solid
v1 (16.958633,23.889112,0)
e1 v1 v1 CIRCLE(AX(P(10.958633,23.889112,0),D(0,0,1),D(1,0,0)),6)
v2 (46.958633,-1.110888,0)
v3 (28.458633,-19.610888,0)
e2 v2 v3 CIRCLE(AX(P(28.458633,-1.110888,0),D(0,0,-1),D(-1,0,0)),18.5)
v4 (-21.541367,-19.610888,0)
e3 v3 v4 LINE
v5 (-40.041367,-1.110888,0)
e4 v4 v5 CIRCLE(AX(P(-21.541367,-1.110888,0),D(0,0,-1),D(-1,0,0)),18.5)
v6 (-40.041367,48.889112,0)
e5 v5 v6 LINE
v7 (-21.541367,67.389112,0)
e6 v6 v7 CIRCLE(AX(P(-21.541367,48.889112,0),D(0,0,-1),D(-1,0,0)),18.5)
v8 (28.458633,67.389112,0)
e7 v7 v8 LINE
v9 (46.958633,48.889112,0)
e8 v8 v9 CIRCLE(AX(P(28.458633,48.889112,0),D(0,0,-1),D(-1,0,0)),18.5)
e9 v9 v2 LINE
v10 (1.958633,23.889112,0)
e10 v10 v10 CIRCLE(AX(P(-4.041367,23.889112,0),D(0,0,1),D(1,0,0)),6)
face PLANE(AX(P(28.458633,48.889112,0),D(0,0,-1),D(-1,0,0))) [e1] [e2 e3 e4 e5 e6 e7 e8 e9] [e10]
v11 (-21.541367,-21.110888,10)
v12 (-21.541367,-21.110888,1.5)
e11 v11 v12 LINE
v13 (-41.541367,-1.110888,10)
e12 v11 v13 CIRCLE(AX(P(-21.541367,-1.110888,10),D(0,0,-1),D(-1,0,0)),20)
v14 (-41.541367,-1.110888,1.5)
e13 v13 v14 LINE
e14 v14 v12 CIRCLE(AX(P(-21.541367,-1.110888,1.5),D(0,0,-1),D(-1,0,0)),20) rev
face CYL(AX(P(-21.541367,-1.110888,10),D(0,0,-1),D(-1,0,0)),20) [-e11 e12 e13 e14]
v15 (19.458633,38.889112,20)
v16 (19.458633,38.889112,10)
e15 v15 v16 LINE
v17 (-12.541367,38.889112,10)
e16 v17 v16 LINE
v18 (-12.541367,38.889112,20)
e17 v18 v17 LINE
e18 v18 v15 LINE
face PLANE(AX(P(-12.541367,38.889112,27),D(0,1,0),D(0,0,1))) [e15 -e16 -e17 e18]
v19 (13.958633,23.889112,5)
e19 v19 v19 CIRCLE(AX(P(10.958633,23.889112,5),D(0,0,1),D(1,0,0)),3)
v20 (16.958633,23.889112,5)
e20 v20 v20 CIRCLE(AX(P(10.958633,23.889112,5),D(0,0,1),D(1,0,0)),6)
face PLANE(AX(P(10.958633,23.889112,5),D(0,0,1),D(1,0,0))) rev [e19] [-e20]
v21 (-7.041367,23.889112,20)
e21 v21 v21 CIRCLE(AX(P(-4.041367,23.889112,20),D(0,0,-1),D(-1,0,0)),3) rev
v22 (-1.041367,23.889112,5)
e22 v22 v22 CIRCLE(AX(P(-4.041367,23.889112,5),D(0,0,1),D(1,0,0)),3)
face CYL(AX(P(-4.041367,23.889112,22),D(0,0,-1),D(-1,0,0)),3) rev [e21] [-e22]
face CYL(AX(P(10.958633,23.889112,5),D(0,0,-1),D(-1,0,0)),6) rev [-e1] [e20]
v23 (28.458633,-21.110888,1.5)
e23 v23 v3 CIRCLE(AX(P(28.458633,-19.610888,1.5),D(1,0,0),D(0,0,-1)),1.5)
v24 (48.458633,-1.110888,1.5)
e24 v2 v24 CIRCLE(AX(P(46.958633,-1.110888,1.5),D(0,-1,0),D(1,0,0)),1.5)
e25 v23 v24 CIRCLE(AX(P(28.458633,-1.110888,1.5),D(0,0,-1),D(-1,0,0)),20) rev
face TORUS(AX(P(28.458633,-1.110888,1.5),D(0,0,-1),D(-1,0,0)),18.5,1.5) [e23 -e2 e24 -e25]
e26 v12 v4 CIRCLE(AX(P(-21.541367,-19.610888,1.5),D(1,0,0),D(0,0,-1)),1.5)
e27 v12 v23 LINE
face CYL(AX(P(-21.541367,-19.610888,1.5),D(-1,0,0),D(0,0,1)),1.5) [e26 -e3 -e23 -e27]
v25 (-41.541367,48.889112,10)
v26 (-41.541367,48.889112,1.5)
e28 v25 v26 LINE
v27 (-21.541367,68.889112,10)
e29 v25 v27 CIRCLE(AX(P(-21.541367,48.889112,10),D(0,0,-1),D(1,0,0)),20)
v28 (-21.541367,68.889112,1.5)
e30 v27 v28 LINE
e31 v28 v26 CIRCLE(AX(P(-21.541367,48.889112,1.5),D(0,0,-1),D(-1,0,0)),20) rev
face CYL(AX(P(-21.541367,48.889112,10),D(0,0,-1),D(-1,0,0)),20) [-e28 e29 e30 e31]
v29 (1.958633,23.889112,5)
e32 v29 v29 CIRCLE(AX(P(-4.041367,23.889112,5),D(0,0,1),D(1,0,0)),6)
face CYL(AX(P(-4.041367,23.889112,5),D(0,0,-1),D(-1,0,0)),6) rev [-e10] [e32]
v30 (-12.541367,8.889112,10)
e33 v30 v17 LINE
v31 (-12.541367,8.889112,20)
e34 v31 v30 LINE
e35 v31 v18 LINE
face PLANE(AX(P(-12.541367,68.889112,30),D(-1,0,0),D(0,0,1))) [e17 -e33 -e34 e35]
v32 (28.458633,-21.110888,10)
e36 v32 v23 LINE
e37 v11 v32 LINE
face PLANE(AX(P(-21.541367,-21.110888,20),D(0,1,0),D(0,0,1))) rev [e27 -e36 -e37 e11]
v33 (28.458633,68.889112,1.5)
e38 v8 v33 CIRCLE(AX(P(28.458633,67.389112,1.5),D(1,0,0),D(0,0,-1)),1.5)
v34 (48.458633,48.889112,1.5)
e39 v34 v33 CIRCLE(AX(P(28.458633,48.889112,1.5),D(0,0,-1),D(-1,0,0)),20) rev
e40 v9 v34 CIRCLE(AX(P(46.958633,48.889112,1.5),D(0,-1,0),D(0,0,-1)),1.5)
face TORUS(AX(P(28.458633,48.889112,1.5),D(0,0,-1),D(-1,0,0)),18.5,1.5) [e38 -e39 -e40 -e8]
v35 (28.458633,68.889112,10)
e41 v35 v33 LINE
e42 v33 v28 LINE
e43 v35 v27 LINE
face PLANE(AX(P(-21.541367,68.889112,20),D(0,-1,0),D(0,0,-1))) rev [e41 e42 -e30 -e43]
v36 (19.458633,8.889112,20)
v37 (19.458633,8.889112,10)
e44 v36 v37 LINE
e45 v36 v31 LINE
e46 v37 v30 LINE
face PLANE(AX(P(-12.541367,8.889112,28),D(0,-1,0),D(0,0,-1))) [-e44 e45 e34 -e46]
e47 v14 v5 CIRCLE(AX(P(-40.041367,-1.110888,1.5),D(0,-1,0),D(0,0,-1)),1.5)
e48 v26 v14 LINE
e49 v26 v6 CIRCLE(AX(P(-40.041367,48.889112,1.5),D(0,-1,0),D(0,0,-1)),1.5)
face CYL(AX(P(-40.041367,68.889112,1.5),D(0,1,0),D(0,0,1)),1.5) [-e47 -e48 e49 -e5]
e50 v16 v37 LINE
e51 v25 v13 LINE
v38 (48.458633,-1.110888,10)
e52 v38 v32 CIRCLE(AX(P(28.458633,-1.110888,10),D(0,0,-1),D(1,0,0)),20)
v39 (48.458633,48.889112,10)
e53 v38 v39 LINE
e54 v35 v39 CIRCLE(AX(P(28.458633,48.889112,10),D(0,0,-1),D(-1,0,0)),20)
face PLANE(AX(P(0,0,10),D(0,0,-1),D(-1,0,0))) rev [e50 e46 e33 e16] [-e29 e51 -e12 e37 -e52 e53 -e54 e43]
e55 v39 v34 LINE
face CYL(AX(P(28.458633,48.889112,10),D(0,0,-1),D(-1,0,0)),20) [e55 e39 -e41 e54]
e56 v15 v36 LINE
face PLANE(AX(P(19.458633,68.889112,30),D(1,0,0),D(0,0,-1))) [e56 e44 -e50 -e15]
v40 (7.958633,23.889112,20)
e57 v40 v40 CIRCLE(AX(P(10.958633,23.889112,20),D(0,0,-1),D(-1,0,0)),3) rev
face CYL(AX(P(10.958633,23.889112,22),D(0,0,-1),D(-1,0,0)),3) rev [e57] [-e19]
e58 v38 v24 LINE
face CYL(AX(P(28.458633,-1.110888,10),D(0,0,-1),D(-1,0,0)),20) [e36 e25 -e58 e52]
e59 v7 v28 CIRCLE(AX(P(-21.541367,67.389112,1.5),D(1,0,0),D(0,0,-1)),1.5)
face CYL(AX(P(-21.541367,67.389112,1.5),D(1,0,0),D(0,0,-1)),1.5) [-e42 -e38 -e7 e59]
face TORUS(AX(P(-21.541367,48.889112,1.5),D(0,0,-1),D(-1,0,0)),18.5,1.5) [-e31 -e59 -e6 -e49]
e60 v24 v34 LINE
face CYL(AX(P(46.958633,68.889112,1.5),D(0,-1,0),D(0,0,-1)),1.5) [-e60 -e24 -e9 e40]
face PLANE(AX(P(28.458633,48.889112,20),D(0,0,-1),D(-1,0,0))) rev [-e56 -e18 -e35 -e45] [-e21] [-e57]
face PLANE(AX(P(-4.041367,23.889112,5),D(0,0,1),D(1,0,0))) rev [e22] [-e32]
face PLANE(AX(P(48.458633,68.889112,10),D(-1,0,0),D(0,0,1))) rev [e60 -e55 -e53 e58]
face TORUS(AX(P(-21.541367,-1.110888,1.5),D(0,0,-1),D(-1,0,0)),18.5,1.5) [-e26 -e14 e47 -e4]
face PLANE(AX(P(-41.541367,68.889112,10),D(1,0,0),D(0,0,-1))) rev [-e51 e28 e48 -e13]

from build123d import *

# Parameters (mm, degrees)
Y_KSEKLIK_EKSTR_ZYON1_DEPTH = 20
CUT_EXTRUDE1_DEPTH          = 44
CUT_EXTRUDE1_DEPTH_BACK     = 10
SKETCH1_R                   = 2.5
SKETCH2_W                   = 32
SKETCH2_H                   = 30
CUT_EXTRUDE3_DEPTH          = 27
SKETCH3_W                   = 32
SKETCH3_H                   = 30
BOSS_EXTRUDE1_DEPTH         = 16
CUT_EXTRUDE4_DEPTH          = 4
SKETCH5_W                   = 33.515954684
SKETCH5_H                   = 18.308274805
BOSS_EXTRUDE2_DEPTH         = 10
CUT_EXTRUDE5_DEPTH          = 53
CUT_EXTRUDE5_DEPTH_BACK     = 25
SKETCH6_R                   = 2.5
SKETCH7_W                   = 36.495036791
SKETCH7_H                   = 91.485439351
SKETCH7_W_2                 = 38.306268879
CUT_EXTRUDE7_DEPTH          = 30
SKETCH8_W                   = 29
SKETCH8_H                   = 90
BOSS_EXTRUDE3_DEPTH         = 10
CUT_EXTRUDE8_DEPTH          = 10
SKETCH10_W                  = 32
SKETCH10_H                  = 30
CUT_EXTRUDE9_DEPTH          = 28
SKETCH11_W                  = 32
SKETCH11_H                  = 30
BOSS_EXTRUDE4_DEPTH         = 10
SKETCH12_R                  = 3
CUT_EXTRUDE10_DEPTH         = 22
SKETCH13_R                  = 6
CUT_EXTRUDE11_DEPTH         = 5
FILLET1_R                   = 1.5


with BuildPart() as part:
    # Çizim1 → Yükseklik-Ekstrüzyon1 (new body)
    with BuildSketch(Plane.XY):
        with BuildLine():
            Line((-41.541366964, -1.110887656), (-41.541366964, 48.889112344))
            ThreePointArc((-41.541366964, 48.889112344), (-35.683502588, 63.031247968), (-21.541366964, 68.889112344))
            Line((-21.541366964, 68.889112344), (28.458633036, 68.889112344))
            ThreePointArc((28.458633036, 68.889112344), (42.600768659, 63.031247968), (48.458633036, 48.889112344))
            Line((48.458633036, 48.889112344), (48.458633036, -1.110887656))
            ThreePointArc((48.458633036, -1.110887656), (42.600768659, -15.25302328), (28.458633036, -21.110887656))
            Line((28.458633036, -21.110887656), (-21.541366964, -21.110887656))
            ThreePointArc((-21.541366964, -21.110887656), (-35.683502588, -15.25302328), (-41.541366964, -1.110887656))
        make_face()
    extrude(amount=Y_KSEKLIK_EKSTR_ZYON1_DEPTH)

    # Sketch1 → Cut-Extrude1 (cut, two sides: drawn at the far end of the back side and taken through both)
    with BuildSketch(Plane.XY.offset(-CUT_EXTRUDE1_DEPTH_BACK)):
        with Locations(Location((-4.041366964, 23.889112344, 0), (0, 0, 180))):
            Circle(SKETCH1_R)
        with Locations(Location((10.958633036, 23.889112344, 0), (0, 0, 180))):
            Circle(SKETCH1_R)
    extrude(amount=CUT_EXTRUDE1_DEPTH + CUT_EXTRUDE1_DEPTH_BACK, mode=Mode.SUBTRACT)

    # Sketch2 → Cut-Extrude3 (cut)
    with BuildSketch(Plane.XY):
        with Locations((3.458633036, 53.889112344)):
            Rectangle(SKETCH2_W, SKETCH2_H)
    extrude(amount=CUT_EXTRUDE3_DEPTH, mode=Mode.SUBTRACT)

    # Sketch3 → Boss-Extrude1 (add)
    with BuildSketch(Plane.XY):
        with Locations((3.458633036, 53.889112344)):
            Rectangle(SKETCH3_W, SKETCH3_H)
    extrude(amount=BOSS_EXTRUDE1_DEPTH)

    # Sketch4 → Cut-Extrude4 (cut)
    with BuildSketch(Plane.XY):
        Polygon((15.692905243, 23.889112344), (13.325769139, 27.989112344), (8.591496932, 27.989112344), (6.224360828, 23.889112344), (8.591496932, 19.789112344), (13.325769139, 19.789112344), align=None)
        Polygon((0.692905243, 23.889112344), (-1.674230861, 27.989112344), (-6.408503068, 27.989112344), (-8.775639172, 23.889112344), (-6.408503068, 19.789112344), (-1.674230861, 19.789112344), align=None)
    extrude(amount=CUT_EXTRUDE4_DEPTH, mode=Mode.SUBTRACT)

    # Sketch5 → Boss-Extrude2 (add)
    with BuildSketch(Plane.XY):
        with Locations((2.203630327, 23.667641278)):
            Rectangle(SKETCH5_W, SKETCH5_H)
    extrude(amount=BOSS_EXTRUDE2_DEPTH)

    # Sketch6 → Cut-Extrude5 (cut, two sides: drawn at the far end of the back side and taken through both)
    with BuildSketch(Plane.XY.offset(-CUT_EXTRUDE5_DEPTH_BACK)):
        with Locations(Location((-4.041366964, 23.889112344, 0), (0, 0, 180))):
            Circle(SKETCH6_R)
        with Locations(Location((10.958633036, 23.889112344, 0), (0, 0, 180))):
            Circle(SKETCH6_R)
    extrude(amount=CUT_EXTRUDE5_DEPTH + CUT_EXTRUDE5_DEPTH_BACK, mode=Mode.SUBTRACT)

    # Sketch7 → Cut-Extrude7 (cut)
    with BuildSketch(Plane.XY):
        with Locations((-30.78888536, 23.146392668)):
            Rectangle(SKETCH7_W, SKETCH7_H)
        with Locations((38.611767476, 23.146392668)):
            Rectangle(SKETCH7_W_2, SKETCH7_H)
    extrude(amount=CUT_EXTRUDE7_DEPTH, mode=Mode.SUBTRACT)

    # Sketch8 → Boss-Extrude3 (add)
    with BuildSketch(Plane.XY):
        with Locations((-27.041366964, 23.889112344)):
            Rectangle(SKETCH8_W, SKETCH8_H)
        with Locations((33.958633036, 23.889112344)):
            Rectangle(SKETCH8_W, SKETCH8_H)
    extrude(amount=BOSS_EXTRUDE3_DEPTH)

    # Sketch9 → Cut-Extrude8 (cut)
    with BuildSketch(Plane.XY):
        with BuildLine():
            Line((-41.541366964, 68.889112344), (-21.541366964, 68.889112344))
            ThreePointArc((-21.541366964, 68.889112344), (-35.683502588, 63.031247968), (-41.541366964, 48.889112344))
            Line((-41.541366964, 48.889112344), (-41.541366964, 68.889112344))
        make_face()
        with BuildLine():
            Line((48.458633036, 68.889112344), (48.458633036, 48.889112344))
            ThreePointArc((48.458633036, 48.889112344), (42.600768659, 63.031247968), (28.458633036, 68.889112344))
            Line((28.458633036, 68.889112344), (48.458633036, 68.889112344))
        make_face()
        with BuildLine():
            Line((48.458633036, -21.110887656), (28.458633036, -21.110887656))
            ThreePointArc((28.458633036, -21.110887656), (42.600768659, -15.25302328), (48.458633036, -1.110887656))
            Line((48.458633036, -1.110887656), (48.458633036, -21.110887656))
        make_face()
        with BuildLine():
            Line((-41.541366964, -21.110887656), (-41.541366964, -1.110887656))
            ThreePointArc((-41.541366964, -1.110887656), (-35.683502588, -15.25302328), (-21.541366964, -21.110887656))
            Line((-21.541366964, -21.110887656), (-41.541366964, -21.110887656))
        make_face()
    extrude(amount=CUT_EXTRUDE8_DEPTH, mode=Mode.SUBTRACT)

    # Sketch10 → Cut-Extrude9 (cut)
    with BuildSketch(Plane.XY):
        with Locations((3.458633036, 53.889112344)):
            Rectangle(SKETCH10_W, SKETCH10_H)
        with Locations((3.458633036, -6.110887656)):
            Rectangle(SKETCH10_W, SKETCH10_H)
    extrude(amount=CUT_EXTRUDE9_DEPTH, mode=Mode.SUBTRACT)

    # Sketch11 → Boss-Extrude4 (add)
    with BuildSketch(Plane.XY):
        with Locations((3.458633036, 53.889112344)):
            Rectangle(SKETCH11_W, SKETCH11_H)
        with Locations((3.458633036, -6.110887656)):
            Rectangle(SKETCH11_W, SKETCH11_H)
    extrude(amount=BOSS_EXTRUDE4_DEPTH)

    # Sketch12 → Cut-Extrude10 (cut)
    with BuildSketch(Plane.XY):
        with Locations(Location((-4.041366964, 23.889112344, 0), (0, 0, 180))):
            Circle(SKETCH12_R)
        with Locations(Location((10.958633036, 23.889112344, 0), (0, 0, 180))):
            Circle(SKETCH12_R)
    extrude(amount=CUT_EXTRUDE10_DEPTH, mode=Mode.SUBTRACT)

    # Sketch13 → Cut-Extrude11 (cut)
    with BuildSketch(Plane.XY):
        with Locations((10.958633036, 23.889112344)):
            Circle(SKETCH13_R)
        with Locations((-4.041366964, 23.889112344)):
            Circle(SKETCH13_R)
    extrude(amount=CUT_EXTRUDE11_DEPTH, mode=Mode.SUBTRACT)

    # Fillet1
    fillet1_edges = [part.edges().sort_by_distance(p)[0] for p in [
        (-41.541366964, 23.889112344, 0),
        (-35.683502588, 63.031247968, 0),
        (3.458633036, 68.889112344, 0),
        (42.600768659, 63.031247968, 0),
        (48.458633036, 23.889112344, 0),
        (42.600768659, -15.25302328, 0),
        (3.458633036, -21.110887656, 0),
        (-35.683502588, -15.25302328, 0),
    ]]
    fillet(fillet1_edges, radius=FILLET1_R)


solid = part.part
